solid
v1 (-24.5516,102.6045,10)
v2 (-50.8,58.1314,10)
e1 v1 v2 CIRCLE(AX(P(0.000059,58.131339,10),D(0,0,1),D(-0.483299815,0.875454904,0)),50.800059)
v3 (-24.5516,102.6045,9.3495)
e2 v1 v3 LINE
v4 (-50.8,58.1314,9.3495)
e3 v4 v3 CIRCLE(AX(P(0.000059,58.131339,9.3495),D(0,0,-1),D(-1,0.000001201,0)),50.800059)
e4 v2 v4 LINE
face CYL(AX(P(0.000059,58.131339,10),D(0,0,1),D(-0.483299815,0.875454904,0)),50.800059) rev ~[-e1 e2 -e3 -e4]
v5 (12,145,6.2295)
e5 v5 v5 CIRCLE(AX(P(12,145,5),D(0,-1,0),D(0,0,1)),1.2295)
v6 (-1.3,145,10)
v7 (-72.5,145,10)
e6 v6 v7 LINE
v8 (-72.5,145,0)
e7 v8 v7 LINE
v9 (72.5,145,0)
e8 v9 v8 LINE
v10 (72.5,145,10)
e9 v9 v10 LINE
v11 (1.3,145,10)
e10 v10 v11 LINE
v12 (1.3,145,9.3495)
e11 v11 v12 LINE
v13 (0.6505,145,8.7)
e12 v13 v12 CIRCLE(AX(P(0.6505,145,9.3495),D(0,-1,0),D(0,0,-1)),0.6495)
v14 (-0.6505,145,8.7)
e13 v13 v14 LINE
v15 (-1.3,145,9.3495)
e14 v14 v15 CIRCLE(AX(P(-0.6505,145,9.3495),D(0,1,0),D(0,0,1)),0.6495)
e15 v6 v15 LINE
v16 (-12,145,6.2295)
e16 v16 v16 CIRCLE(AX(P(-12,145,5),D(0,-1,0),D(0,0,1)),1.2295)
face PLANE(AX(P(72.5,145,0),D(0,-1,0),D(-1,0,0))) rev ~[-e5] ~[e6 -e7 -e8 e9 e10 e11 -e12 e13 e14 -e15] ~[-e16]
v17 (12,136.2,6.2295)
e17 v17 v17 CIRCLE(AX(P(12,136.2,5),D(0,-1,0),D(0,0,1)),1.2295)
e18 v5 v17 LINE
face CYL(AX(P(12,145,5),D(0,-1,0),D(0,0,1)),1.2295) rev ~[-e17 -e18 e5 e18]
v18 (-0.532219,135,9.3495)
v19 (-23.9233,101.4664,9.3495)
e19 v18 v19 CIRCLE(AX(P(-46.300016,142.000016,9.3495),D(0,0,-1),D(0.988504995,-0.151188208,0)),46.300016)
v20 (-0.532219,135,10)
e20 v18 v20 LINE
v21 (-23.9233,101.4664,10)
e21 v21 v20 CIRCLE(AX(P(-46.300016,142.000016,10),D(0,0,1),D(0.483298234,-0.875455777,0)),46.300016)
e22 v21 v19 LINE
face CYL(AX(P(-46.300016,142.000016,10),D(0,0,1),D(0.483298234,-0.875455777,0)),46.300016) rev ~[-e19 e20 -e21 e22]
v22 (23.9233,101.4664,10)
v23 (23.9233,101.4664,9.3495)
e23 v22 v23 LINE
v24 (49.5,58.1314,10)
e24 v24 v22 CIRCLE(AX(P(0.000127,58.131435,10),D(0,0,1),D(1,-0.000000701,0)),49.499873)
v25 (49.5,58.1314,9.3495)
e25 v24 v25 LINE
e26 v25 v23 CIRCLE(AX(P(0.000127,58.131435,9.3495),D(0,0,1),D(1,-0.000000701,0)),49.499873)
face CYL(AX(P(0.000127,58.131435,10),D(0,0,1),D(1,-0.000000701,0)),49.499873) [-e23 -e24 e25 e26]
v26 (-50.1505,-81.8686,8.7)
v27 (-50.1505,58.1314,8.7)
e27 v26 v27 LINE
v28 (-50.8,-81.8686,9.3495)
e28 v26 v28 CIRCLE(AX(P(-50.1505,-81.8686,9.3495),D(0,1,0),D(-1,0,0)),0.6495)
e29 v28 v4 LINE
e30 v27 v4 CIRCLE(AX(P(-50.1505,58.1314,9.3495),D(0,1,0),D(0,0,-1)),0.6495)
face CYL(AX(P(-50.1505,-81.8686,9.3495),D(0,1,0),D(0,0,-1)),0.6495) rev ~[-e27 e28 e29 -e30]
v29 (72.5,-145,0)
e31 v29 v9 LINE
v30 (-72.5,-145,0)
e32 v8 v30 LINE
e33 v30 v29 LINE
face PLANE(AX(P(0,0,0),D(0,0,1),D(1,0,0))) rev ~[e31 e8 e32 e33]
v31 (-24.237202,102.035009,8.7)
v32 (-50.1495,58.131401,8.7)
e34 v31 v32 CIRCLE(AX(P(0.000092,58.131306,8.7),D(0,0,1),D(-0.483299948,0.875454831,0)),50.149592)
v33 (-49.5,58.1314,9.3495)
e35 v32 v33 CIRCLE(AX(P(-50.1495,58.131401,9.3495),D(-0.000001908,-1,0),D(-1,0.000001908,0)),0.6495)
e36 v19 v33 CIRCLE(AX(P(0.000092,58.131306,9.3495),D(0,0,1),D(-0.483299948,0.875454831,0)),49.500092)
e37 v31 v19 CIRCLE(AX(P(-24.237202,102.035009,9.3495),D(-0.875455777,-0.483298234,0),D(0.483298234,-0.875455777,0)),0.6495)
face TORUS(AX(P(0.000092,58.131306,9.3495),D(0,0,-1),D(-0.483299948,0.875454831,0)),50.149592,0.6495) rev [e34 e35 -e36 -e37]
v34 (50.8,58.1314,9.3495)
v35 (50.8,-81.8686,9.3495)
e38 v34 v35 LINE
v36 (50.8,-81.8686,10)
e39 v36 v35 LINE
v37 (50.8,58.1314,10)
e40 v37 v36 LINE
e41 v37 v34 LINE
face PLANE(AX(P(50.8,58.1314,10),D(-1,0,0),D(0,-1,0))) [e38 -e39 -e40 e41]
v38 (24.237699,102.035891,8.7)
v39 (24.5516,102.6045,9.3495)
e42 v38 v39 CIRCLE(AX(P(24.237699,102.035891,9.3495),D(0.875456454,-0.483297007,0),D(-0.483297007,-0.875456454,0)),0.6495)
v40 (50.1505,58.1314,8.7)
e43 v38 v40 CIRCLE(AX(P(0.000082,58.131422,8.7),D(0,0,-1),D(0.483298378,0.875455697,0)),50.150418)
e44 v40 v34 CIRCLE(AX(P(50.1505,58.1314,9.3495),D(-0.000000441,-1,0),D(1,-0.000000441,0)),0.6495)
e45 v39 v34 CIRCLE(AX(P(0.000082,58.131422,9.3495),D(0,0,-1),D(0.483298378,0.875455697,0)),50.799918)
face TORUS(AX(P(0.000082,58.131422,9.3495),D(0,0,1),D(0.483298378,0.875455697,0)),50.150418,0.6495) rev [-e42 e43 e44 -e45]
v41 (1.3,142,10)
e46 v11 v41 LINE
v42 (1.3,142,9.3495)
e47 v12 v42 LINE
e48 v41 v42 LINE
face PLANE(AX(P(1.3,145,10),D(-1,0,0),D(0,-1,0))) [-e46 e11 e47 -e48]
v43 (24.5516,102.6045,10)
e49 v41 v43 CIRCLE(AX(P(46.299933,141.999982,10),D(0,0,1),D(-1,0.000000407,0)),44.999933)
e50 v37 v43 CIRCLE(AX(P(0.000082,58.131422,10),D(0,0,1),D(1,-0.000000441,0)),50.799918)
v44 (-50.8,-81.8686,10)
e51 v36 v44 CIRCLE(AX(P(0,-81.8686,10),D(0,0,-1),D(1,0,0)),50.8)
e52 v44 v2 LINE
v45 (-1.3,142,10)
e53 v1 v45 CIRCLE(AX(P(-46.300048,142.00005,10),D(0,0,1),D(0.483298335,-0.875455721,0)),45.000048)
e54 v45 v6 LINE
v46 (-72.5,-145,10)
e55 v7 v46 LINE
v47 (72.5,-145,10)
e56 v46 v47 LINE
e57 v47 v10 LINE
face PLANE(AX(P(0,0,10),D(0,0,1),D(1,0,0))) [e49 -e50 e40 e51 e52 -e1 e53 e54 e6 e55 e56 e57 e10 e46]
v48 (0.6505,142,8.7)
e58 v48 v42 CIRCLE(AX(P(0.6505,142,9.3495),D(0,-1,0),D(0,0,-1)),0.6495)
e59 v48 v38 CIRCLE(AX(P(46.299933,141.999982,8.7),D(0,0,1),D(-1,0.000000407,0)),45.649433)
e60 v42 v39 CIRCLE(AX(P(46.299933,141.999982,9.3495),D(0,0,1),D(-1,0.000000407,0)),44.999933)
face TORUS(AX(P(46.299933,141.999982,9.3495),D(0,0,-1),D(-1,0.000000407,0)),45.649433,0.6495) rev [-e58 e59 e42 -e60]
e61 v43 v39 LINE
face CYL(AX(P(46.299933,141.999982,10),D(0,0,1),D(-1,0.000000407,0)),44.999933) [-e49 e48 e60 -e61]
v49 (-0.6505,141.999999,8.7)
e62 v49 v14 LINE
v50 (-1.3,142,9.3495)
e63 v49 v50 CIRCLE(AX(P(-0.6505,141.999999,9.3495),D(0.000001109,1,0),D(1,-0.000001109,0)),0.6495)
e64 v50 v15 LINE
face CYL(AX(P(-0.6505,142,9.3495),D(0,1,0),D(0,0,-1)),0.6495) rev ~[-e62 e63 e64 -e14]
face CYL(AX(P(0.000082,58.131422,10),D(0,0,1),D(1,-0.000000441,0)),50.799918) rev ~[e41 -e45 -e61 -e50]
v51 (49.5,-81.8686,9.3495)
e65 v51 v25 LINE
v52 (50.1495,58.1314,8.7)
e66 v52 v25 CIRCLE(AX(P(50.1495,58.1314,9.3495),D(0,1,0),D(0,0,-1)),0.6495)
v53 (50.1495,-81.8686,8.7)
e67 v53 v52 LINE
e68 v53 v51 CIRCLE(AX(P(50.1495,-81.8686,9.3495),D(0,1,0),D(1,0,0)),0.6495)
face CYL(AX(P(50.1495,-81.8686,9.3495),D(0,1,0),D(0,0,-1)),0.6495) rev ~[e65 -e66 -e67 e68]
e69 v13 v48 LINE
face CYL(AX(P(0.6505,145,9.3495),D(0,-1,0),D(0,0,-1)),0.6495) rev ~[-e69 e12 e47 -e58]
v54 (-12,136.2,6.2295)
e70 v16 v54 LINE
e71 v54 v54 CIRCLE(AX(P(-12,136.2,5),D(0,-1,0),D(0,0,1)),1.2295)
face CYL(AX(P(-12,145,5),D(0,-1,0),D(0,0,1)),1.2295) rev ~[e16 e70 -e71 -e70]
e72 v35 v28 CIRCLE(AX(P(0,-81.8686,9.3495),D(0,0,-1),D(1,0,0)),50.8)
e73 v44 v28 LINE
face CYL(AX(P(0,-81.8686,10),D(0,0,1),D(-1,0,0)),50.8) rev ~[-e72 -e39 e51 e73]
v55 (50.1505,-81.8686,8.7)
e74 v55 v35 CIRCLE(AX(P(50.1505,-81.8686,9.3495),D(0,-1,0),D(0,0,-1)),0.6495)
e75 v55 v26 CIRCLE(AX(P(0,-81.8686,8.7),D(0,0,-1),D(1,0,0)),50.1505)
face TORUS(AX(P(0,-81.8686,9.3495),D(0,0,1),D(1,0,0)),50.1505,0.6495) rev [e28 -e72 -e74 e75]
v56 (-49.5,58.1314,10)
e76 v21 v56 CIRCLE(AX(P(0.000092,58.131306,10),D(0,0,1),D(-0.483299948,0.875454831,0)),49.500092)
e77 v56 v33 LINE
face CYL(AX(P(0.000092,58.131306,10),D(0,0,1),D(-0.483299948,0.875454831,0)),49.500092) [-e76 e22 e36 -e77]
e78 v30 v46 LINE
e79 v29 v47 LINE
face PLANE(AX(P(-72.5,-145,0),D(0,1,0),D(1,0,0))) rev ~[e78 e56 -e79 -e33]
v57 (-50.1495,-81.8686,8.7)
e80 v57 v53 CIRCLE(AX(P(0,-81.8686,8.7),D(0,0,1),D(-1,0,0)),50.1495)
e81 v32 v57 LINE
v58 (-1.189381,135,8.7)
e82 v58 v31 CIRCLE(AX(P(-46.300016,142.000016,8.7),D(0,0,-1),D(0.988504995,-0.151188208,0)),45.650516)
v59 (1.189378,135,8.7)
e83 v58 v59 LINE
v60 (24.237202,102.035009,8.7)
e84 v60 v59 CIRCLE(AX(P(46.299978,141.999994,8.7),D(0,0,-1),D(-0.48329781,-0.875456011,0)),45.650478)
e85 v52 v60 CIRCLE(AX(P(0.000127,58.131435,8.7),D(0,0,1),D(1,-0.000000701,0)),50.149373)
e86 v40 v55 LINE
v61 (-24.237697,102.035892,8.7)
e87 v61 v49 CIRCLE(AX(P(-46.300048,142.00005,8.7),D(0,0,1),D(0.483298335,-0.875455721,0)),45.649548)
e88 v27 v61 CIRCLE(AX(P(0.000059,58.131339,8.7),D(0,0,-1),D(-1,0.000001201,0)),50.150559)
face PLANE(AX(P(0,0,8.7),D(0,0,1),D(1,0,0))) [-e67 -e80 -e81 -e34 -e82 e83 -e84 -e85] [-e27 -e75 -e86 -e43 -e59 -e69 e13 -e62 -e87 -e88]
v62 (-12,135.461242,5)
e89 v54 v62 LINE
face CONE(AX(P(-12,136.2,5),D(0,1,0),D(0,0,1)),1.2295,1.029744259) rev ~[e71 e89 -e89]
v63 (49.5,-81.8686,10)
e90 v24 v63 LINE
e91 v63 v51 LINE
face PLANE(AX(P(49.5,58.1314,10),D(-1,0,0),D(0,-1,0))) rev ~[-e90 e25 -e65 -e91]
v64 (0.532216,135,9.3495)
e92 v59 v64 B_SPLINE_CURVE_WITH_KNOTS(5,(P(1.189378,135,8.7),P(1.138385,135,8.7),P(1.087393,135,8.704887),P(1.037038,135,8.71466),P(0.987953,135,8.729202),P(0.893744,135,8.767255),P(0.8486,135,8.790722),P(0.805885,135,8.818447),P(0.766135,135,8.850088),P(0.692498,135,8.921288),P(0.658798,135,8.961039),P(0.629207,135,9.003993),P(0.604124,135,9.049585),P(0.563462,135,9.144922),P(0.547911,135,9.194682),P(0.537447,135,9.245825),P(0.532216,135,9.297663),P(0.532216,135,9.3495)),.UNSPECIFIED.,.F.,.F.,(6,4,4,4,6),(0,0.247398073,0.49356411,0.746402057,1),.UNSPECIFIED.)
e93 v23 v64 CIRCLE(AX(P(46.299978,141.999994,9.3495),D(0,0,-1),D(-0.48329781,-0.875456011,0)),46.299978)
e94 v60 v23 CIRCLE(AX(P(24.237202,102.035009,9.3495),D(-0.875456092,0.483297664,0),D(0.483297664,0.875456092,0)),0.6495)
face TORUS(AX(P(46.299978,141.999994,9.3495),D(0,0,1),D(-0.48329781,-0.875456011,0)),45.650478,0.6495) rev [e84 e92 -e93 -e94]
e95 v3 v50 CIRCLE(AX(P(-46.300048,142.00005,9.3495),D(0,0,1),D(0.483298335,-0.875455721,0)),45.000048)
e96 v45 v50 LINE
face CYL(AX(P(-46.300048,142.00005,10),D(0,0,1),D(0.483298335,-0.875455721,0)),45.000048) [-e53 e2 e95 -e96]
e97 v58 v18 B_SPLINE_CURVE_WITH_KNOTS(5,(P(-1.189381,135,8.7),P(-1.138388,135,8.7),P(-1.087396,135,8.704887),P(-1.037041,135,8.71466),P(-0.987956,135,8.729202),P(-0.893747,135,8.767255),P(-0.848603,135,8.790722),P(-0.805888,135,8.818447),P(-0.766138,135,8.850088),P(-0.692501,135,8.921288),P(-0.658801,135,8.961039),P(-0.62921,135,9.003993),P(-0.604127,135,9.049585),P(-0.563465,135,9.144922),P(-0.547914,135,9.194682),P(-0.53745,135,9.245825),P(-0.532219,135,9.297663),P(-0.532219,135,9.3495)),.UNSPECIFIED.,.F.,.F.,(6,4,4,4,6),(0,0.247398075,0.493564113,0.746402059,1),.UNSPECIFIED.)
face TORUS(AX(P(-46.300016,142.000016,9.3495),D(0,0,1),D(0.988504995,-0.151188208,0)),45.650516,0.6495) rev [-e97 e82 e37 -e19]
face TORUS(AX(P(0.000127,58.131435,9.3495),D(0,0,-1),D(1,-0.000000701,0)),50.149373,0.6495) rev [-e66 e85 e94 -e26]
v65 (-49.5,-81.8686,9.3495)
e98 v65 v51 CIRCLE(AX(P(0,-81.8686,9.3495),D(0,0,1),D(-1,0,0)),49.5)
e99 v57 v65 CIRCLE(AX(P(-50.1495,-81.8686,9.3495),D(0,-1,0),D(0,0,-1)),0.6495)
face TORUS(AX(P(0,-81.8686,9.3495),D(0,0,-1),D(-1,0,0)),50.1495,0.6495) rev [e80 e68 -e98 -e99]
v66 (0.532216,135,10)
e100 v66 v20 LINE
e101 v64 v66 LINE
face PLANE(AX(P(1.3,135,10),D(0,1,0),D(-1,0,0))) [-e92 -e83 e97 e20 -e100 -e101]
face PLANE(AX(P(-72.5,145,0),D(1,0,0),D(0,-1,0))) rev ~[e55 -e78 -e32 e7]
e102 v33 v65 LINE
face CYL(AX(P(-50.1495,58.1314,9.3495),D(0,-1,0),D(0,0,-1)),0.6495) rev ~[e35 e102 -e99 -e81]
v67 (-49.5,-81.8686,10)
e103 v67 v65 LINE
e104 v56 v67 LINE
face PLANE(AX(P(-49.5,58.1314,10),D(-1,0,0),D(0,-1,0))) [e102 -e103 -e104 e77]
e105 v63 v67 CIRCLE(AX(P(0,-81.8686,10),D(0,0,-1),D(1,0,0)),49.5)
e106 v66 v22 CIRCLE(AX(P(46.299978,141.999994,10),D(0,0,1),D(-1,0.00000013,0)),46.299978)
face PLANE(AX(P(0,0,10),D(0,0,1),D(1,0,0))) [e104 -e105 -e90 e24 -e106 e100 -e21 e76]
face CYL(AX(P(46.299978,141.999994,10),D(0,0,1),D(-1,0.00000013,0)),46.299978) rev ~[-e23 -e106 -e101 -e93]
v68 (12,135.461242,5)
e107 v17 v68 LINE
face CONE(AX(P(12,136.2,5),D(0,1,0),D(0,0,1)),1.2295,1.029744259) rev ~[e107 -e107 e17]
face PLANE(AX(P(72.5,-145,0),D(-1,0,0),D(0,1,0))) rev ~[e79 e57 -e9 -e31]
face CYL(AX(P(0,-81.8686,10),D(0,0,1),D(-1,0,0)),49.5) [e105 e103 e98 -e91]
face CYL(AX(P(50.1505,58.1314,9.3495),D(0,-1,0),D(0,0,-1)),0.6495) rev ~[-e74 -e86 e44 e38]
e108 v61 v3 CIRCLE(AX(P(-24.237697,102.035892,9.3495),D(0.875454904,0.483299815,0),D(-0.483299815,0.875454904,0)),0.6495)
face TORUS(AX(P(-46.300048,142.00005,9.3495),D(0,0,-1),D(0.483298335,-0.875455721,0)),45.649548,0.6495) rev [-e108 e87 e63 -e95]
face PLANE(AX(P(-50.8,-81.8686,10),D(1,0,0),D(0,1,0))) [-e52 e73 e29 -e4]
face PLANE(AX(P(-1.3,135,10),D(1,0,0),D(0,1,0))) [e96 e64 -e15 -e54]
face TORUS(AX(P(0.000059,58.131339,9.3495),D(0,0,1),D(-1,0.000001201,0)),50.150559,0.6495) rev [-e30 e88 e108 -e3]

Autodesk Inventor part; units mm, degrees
ref_plane "YZ Plane" through (0, 0, 0) normal (1, 0, 0) x (0, 1, 0)
ref_plane "XZ Plane" through (0, 0, 0) normal (0, 1, 0) x (-1, 0, 0)
ref_plane "XY Plane" through (0, 0, 0) normal (0, 0, 1) x (1, 0, 0)
sketch "Sketch1" plane through (0, 0, 0) normal (0, 0, 1) x (1, 0, 0)
  line L0 (-72.5, -145) -> (72.5, -145)
  line L1 (72.5, -145) -> (72.5, 145)
  line L2 (72.5, 145) -> (-72.5, 145)
  line L3 (-72.5, 145) -> (-72.5, -145)
  line L4 (-72.5, -145) -> (72.5, 145) construction
  line L5 (72.5, -145) -> (-72.5, 145) construction
  point P0 (0, 0)
  dimension "d0" = 145
  dimension "d1" = 290
extrude "Extrusion1" add sketch "Sketch1" along normal blind 10
sketch "Sketch6" plane through (0, 0, 10) normal (0, 0, 1) x (1, 0, 0)
  line L0 (-72.5, -145) -> (72.5, -145) projected
  line L1 (72.5, -145) -> (72.5, 145) projected
  line L2 (72.5, 145) -> (-72.5, 145) projected
  line L3 (-72.5, 145) -> (-72.5, -145) projected
  arc A0 (-49.5, -81.8686) -> (49.5, -81.8686) centre (0, -81.8686) ccw
  line L4 (-49.5, 58.1314) -> (-49.5, -81.8686)
  line L5 (49.5, 58.1314) -> (49.5, -81.8686)
  line L6 (-72.5, 142) -> (72.5, 142)
  line L7 (72.5, -145) -> (72.5, 145) projected
  line L8 (-72.5, -145) -> (72.5, -145) projected
  line L9 (0, -145) -> (0, 145)
  line L10 (72.5, 145) -> (-72.5, 145) projected
  arc A1 (-24.5516, 102.6045) -> (-1.3, 142) centre (-46.3, 142) ccw
  arc A2 (1.3, 142) -> (24.5516, 102.6045) centre (46.3, 142) ccw
  line L11 (-50.8, -81.8686) -> (-50.8, 58.1314)
  line L12 (50.8, 58.1314) -> (50.8, -81.8686)
  arc A3 (-50.8, -81.8686) -> (50.8, -81.8686) centre (0, -81.8686) ccw
  arc A4 (-23.9233, 101.4664) -> (0, 142) centre (-46.3, 142) ccw
  arc A5 (0, 142) -> (23.9233, 101.4664) centre (46.3, 142) ccw
  arc A6 (50.8, 58.1314) -> (24.5516, 102.6045) centre (0, 58.1314) ccw
  arc A7 (-24.5516, 102.6045) -> (-50.8, 58.1314) centre (0, 58.1314) ccw
  arc A8 (49.5, 58.1314) -> (23.9233, 101.4664) centre (0, 58.1314) ccw
  arc A9 (-23.9233, 101.4664) -> (-49.5, 58.1314) centre (0, 58.1314) ccw
  point P0 (0, 0)
  dimension "d80" = 3
  dimension "d83" = 90
  dimension "d84" = 90
  dimension "d86" = 1.3
  dimension "d87" = 1.3
  dimension "d88" = 1.3
  dimension "d89" = 99
  dimension "d90" = 49.5
  dimension "d91" = 49.5
  dimension "d92" = 1.3
  dimension "d93" = 1.3
  dimension "d94" = 1.3
  dimension "d114" = 140
extrude "Extrusion12" cut sketch "Sketch6" against normal blind 1.3 contours A3 L11 A7 A1 L6 A4 A9 L4 A0 L9 | L9 A0 L5 A8 A5 L6 A2 A6 L12 A3
sketch "Sketch8" plane through (0, 0, 10) normal (0, 0, 1) x (1, 0, 0)
  line L0 (72.5, 145) -> (-72.5, 145) projected
  line L1 (72.5, -145) -> (72.5, 145) projected
  line L2 (-72.5, -145) -> (72.5, -145) projected
  line L3 (-72.5, 145) -> (-72.5, -145) projected
  line L4 (-1.3, 145) -> (1.3, 145)
  line L5 (1.3, 145) -> (1.3, 135)
  line L6 (1.3, 135) -> (-1.3, 135)
  line L7 (-1.3, 135) -> (-1.3, 145)
  point P0 (0, 0)
  dimension "d59" = 2.6
  dimension "d60" = 10
  dimension "d61" = 71.2
extrude "Extrusion10" cut sketch "Sketch8" against normal up to surface (1.3 mm away) contours L5 L6 L7 L0
sketch "Sketch9" plane through (-72.5, 145, 0) normal (0, 1, 0) x (1, 0, 0)
  line L0 (71.2, -8.7) -> (73.8, -8.7)
  line L1 (145, -10) -> (73.8, -10)
  line L2 (145, 0) -> (145, -10)
  line L3 (145, 0) -> (0, 0)
  line L4 (0, 0) -> (0, -10)
  line L5 (96.4233, -10) -> (73.0322, -10)
  line L6 (75.525, -10) -> (69.475, -10)
  line L7 (69.475, -10) -> (69.475, -5.67)
  line L8 (69.475, -5.67) -> (75.525, -5.67)
  line L9 (75.525, -5.67) -> (75.525, -10)
  line L10 (72.5, -5.67) -> (72.5, -10)
  line L11 (73.0322, -10) -> (71.9678, -10)
  line L12 (71.2, -10) -> (71.2, -8.7)
  line L13 (73.8, -8.7) -> (73.8, -10)
  line L14 (71.2, -10) -> (0, -10)
  point P0 (72.5, 0)
  point P1 (76.3, -7)
  dimension "d64" = 4.33
  dimension "d65" = 6.05
  dimension "d66" = 72.5
extrude "Extrusion14" [suppressed]
fillet "Fillet2" radius 0.65 14 edges at (-7.5464, 119.1273, 8.7) (-43.7485, 83.9521, 8.7) (-50.8, -11.8686, 8.7) (0, -132.6686, 8.7) (50.8, -11.8686, 8.7) (43.7485, 83.9521, 8.7) (7.5464, 119.1273, 8.7) (42.6289, 83.2913, 8.7) (49.5, -11.8686, 8.7) (0, -131.3686, 8.7) (-49.5, -11.8686, 8.7) (-42.6289, 83.2913, 8.7) (-8.3257, 115.5114, 8.7) (8.3257, 115.5114, 8.7)
sketch "Sketch12" plane through (-72.5, 145, 0) normal (0, 1, 0) x (1, 0, 0)
  line L0 (71.2, -10) -> (71.2, -9.35) projected
  arc A0 (71.85, -8.7) -> (71.2, -9.35) centre (71.85, -9.35) ccw projected
  line L1 (71.85, -8.7) -> (73.15, -8.7) projected
  arc A1 (73.8, -9.35) -> (73.15, -8.7) centre (73.15, -9.35) ccw projected
  line L2 (73.8, -9.35) -> (73.8, -10) projected
  line L3 (145, -10) -> (73.8, -10) projected
  line L4 (145, 0) -> (145, -10) projected
  line L5 (145, 0) -> (0, 0) projected
  line L6 (0, 0) -> (0, -10) projected
  line L7 (71.2, -10) -> (0, -10) projected
  line L8 (145, -10) -> (73.8, -10) projected
  line L9 (145, 0) -> (0, 0) projected
  line L10 (72.5, 0) -> (72.5, -5)
  line L11 (72.5, -5) -> (84.5, -5)
  line L12 (72.5, -5) -> (60.5, -5)
  dimension "d103" = 12
  dimension "d104" = 12
  dimension "d105" = 5
hole "Hole2" at (-12, 145, 5) at (12, 145, 5) direction (0, -1, 0) diameter 2.459 depth 8.8 tip angle 118 thread size "M3x0.5" class "6H" standard "ISO Metric profile"
equation "\"d0\" = ScintillatorWidth"
equation "\"d1\" = ScintillatorHeight"
equation "\"d2\" = ScintillatorThickness"
equation "\"d80\" = ScintillatorEdgeClearence"
equation "\"d83\" = LoopSmallTrackDiameter"
equation "\"d84\" = LoopSmallTrackDiameter"
equation "\"d86\" = OpticalFiberDiameter + 2 * OpticalFiberClearence"
equation "\"d87\" = OpticalFiberDiameter + 2 * OpticalFiberClearence"
equation "\"d88\" = OpticalFiberDiameter + 2 * OpticalFiberClearence"
equation "\"d92\" = OpticalFiberDiameter + 2 * OpticalFiberClearence"
equation "\"d93\" = OpticalFiberDiameter + 2 * OpticalFiberClearence"
equation "\"d94\" = OpticalFiberDiameter + 2 * OpticalFiberClearence"
equation "\"d95\" = OpticalFiberDiameter + 2 * OpticalFiberClearence"
equation "\"d59\" = 4 * OpticalFiberClearence + 2 * OpticalFiberDiameter"
equation "\"d61\" = 0.5 * ScintillatorWidth - 2 * OpticalFiberClearence - OpticalFiberDiameter"
equation "\"d62\" = ShallowTrackDepth"
equation "\"d65\" = MPPCWidth + 2 * MPPCClearence"
equation "\"d66\" = 0.5 * ScintillatorWidth"
equation "\"d99\" = MPPCDepth"
equation "\"d5\" = OpticalFiberDiameter + 2 * OpticalFiberClearence"
equation "\"d21\" = d5"
equation "\"d22\" = d5"
equation "\"OpticalFiberDiameter\" = 1"
equation "\"ScintillatorThickness\" = 10"
equation "\"OpticalFiberClearence\" = 0.15"
equation "\"SmallTrackDiameter\" = 175"
equation "\"ScintillatorEdgeClearence\" = 3"
equation "\"ScintillatorWidth\" = 145"
equation "\"ScintillatorHeight\" = 290"
equation "\"ShallowTrackDepth\" = 1.3"
equation "\"MPPCClearence\" = 0.075"
equation "\"MPPCSensorClearence\" = 1.45"
equation "\"MPPCSensorOffsett\" = 2.105"
equation "\"MPPCWidth\" = 5.9"
equation "\"MPPCHeight\" = 6.55"
equation "\"FiberEdgeOffsett\" = 5"
equation "\"MPPCDepth\" = 1"
equation "\"LongFiberAngle\" = 30deg"
equation "\"ShortFiberAngle\" = 78deg"
equation "\"LoopLargeTrackRatio\" = 1.1"
equation "\"LoopSmallTrackDiameter\" = 90"
equation "\"FiberSensorClerence\" = 0.5"
equation "\"MountingScrewOffsett\" = 12"
equation "\"MountingScrewDepth\" = 5"
properties part number "Scintillator Tile" material "ABS Plastic"
